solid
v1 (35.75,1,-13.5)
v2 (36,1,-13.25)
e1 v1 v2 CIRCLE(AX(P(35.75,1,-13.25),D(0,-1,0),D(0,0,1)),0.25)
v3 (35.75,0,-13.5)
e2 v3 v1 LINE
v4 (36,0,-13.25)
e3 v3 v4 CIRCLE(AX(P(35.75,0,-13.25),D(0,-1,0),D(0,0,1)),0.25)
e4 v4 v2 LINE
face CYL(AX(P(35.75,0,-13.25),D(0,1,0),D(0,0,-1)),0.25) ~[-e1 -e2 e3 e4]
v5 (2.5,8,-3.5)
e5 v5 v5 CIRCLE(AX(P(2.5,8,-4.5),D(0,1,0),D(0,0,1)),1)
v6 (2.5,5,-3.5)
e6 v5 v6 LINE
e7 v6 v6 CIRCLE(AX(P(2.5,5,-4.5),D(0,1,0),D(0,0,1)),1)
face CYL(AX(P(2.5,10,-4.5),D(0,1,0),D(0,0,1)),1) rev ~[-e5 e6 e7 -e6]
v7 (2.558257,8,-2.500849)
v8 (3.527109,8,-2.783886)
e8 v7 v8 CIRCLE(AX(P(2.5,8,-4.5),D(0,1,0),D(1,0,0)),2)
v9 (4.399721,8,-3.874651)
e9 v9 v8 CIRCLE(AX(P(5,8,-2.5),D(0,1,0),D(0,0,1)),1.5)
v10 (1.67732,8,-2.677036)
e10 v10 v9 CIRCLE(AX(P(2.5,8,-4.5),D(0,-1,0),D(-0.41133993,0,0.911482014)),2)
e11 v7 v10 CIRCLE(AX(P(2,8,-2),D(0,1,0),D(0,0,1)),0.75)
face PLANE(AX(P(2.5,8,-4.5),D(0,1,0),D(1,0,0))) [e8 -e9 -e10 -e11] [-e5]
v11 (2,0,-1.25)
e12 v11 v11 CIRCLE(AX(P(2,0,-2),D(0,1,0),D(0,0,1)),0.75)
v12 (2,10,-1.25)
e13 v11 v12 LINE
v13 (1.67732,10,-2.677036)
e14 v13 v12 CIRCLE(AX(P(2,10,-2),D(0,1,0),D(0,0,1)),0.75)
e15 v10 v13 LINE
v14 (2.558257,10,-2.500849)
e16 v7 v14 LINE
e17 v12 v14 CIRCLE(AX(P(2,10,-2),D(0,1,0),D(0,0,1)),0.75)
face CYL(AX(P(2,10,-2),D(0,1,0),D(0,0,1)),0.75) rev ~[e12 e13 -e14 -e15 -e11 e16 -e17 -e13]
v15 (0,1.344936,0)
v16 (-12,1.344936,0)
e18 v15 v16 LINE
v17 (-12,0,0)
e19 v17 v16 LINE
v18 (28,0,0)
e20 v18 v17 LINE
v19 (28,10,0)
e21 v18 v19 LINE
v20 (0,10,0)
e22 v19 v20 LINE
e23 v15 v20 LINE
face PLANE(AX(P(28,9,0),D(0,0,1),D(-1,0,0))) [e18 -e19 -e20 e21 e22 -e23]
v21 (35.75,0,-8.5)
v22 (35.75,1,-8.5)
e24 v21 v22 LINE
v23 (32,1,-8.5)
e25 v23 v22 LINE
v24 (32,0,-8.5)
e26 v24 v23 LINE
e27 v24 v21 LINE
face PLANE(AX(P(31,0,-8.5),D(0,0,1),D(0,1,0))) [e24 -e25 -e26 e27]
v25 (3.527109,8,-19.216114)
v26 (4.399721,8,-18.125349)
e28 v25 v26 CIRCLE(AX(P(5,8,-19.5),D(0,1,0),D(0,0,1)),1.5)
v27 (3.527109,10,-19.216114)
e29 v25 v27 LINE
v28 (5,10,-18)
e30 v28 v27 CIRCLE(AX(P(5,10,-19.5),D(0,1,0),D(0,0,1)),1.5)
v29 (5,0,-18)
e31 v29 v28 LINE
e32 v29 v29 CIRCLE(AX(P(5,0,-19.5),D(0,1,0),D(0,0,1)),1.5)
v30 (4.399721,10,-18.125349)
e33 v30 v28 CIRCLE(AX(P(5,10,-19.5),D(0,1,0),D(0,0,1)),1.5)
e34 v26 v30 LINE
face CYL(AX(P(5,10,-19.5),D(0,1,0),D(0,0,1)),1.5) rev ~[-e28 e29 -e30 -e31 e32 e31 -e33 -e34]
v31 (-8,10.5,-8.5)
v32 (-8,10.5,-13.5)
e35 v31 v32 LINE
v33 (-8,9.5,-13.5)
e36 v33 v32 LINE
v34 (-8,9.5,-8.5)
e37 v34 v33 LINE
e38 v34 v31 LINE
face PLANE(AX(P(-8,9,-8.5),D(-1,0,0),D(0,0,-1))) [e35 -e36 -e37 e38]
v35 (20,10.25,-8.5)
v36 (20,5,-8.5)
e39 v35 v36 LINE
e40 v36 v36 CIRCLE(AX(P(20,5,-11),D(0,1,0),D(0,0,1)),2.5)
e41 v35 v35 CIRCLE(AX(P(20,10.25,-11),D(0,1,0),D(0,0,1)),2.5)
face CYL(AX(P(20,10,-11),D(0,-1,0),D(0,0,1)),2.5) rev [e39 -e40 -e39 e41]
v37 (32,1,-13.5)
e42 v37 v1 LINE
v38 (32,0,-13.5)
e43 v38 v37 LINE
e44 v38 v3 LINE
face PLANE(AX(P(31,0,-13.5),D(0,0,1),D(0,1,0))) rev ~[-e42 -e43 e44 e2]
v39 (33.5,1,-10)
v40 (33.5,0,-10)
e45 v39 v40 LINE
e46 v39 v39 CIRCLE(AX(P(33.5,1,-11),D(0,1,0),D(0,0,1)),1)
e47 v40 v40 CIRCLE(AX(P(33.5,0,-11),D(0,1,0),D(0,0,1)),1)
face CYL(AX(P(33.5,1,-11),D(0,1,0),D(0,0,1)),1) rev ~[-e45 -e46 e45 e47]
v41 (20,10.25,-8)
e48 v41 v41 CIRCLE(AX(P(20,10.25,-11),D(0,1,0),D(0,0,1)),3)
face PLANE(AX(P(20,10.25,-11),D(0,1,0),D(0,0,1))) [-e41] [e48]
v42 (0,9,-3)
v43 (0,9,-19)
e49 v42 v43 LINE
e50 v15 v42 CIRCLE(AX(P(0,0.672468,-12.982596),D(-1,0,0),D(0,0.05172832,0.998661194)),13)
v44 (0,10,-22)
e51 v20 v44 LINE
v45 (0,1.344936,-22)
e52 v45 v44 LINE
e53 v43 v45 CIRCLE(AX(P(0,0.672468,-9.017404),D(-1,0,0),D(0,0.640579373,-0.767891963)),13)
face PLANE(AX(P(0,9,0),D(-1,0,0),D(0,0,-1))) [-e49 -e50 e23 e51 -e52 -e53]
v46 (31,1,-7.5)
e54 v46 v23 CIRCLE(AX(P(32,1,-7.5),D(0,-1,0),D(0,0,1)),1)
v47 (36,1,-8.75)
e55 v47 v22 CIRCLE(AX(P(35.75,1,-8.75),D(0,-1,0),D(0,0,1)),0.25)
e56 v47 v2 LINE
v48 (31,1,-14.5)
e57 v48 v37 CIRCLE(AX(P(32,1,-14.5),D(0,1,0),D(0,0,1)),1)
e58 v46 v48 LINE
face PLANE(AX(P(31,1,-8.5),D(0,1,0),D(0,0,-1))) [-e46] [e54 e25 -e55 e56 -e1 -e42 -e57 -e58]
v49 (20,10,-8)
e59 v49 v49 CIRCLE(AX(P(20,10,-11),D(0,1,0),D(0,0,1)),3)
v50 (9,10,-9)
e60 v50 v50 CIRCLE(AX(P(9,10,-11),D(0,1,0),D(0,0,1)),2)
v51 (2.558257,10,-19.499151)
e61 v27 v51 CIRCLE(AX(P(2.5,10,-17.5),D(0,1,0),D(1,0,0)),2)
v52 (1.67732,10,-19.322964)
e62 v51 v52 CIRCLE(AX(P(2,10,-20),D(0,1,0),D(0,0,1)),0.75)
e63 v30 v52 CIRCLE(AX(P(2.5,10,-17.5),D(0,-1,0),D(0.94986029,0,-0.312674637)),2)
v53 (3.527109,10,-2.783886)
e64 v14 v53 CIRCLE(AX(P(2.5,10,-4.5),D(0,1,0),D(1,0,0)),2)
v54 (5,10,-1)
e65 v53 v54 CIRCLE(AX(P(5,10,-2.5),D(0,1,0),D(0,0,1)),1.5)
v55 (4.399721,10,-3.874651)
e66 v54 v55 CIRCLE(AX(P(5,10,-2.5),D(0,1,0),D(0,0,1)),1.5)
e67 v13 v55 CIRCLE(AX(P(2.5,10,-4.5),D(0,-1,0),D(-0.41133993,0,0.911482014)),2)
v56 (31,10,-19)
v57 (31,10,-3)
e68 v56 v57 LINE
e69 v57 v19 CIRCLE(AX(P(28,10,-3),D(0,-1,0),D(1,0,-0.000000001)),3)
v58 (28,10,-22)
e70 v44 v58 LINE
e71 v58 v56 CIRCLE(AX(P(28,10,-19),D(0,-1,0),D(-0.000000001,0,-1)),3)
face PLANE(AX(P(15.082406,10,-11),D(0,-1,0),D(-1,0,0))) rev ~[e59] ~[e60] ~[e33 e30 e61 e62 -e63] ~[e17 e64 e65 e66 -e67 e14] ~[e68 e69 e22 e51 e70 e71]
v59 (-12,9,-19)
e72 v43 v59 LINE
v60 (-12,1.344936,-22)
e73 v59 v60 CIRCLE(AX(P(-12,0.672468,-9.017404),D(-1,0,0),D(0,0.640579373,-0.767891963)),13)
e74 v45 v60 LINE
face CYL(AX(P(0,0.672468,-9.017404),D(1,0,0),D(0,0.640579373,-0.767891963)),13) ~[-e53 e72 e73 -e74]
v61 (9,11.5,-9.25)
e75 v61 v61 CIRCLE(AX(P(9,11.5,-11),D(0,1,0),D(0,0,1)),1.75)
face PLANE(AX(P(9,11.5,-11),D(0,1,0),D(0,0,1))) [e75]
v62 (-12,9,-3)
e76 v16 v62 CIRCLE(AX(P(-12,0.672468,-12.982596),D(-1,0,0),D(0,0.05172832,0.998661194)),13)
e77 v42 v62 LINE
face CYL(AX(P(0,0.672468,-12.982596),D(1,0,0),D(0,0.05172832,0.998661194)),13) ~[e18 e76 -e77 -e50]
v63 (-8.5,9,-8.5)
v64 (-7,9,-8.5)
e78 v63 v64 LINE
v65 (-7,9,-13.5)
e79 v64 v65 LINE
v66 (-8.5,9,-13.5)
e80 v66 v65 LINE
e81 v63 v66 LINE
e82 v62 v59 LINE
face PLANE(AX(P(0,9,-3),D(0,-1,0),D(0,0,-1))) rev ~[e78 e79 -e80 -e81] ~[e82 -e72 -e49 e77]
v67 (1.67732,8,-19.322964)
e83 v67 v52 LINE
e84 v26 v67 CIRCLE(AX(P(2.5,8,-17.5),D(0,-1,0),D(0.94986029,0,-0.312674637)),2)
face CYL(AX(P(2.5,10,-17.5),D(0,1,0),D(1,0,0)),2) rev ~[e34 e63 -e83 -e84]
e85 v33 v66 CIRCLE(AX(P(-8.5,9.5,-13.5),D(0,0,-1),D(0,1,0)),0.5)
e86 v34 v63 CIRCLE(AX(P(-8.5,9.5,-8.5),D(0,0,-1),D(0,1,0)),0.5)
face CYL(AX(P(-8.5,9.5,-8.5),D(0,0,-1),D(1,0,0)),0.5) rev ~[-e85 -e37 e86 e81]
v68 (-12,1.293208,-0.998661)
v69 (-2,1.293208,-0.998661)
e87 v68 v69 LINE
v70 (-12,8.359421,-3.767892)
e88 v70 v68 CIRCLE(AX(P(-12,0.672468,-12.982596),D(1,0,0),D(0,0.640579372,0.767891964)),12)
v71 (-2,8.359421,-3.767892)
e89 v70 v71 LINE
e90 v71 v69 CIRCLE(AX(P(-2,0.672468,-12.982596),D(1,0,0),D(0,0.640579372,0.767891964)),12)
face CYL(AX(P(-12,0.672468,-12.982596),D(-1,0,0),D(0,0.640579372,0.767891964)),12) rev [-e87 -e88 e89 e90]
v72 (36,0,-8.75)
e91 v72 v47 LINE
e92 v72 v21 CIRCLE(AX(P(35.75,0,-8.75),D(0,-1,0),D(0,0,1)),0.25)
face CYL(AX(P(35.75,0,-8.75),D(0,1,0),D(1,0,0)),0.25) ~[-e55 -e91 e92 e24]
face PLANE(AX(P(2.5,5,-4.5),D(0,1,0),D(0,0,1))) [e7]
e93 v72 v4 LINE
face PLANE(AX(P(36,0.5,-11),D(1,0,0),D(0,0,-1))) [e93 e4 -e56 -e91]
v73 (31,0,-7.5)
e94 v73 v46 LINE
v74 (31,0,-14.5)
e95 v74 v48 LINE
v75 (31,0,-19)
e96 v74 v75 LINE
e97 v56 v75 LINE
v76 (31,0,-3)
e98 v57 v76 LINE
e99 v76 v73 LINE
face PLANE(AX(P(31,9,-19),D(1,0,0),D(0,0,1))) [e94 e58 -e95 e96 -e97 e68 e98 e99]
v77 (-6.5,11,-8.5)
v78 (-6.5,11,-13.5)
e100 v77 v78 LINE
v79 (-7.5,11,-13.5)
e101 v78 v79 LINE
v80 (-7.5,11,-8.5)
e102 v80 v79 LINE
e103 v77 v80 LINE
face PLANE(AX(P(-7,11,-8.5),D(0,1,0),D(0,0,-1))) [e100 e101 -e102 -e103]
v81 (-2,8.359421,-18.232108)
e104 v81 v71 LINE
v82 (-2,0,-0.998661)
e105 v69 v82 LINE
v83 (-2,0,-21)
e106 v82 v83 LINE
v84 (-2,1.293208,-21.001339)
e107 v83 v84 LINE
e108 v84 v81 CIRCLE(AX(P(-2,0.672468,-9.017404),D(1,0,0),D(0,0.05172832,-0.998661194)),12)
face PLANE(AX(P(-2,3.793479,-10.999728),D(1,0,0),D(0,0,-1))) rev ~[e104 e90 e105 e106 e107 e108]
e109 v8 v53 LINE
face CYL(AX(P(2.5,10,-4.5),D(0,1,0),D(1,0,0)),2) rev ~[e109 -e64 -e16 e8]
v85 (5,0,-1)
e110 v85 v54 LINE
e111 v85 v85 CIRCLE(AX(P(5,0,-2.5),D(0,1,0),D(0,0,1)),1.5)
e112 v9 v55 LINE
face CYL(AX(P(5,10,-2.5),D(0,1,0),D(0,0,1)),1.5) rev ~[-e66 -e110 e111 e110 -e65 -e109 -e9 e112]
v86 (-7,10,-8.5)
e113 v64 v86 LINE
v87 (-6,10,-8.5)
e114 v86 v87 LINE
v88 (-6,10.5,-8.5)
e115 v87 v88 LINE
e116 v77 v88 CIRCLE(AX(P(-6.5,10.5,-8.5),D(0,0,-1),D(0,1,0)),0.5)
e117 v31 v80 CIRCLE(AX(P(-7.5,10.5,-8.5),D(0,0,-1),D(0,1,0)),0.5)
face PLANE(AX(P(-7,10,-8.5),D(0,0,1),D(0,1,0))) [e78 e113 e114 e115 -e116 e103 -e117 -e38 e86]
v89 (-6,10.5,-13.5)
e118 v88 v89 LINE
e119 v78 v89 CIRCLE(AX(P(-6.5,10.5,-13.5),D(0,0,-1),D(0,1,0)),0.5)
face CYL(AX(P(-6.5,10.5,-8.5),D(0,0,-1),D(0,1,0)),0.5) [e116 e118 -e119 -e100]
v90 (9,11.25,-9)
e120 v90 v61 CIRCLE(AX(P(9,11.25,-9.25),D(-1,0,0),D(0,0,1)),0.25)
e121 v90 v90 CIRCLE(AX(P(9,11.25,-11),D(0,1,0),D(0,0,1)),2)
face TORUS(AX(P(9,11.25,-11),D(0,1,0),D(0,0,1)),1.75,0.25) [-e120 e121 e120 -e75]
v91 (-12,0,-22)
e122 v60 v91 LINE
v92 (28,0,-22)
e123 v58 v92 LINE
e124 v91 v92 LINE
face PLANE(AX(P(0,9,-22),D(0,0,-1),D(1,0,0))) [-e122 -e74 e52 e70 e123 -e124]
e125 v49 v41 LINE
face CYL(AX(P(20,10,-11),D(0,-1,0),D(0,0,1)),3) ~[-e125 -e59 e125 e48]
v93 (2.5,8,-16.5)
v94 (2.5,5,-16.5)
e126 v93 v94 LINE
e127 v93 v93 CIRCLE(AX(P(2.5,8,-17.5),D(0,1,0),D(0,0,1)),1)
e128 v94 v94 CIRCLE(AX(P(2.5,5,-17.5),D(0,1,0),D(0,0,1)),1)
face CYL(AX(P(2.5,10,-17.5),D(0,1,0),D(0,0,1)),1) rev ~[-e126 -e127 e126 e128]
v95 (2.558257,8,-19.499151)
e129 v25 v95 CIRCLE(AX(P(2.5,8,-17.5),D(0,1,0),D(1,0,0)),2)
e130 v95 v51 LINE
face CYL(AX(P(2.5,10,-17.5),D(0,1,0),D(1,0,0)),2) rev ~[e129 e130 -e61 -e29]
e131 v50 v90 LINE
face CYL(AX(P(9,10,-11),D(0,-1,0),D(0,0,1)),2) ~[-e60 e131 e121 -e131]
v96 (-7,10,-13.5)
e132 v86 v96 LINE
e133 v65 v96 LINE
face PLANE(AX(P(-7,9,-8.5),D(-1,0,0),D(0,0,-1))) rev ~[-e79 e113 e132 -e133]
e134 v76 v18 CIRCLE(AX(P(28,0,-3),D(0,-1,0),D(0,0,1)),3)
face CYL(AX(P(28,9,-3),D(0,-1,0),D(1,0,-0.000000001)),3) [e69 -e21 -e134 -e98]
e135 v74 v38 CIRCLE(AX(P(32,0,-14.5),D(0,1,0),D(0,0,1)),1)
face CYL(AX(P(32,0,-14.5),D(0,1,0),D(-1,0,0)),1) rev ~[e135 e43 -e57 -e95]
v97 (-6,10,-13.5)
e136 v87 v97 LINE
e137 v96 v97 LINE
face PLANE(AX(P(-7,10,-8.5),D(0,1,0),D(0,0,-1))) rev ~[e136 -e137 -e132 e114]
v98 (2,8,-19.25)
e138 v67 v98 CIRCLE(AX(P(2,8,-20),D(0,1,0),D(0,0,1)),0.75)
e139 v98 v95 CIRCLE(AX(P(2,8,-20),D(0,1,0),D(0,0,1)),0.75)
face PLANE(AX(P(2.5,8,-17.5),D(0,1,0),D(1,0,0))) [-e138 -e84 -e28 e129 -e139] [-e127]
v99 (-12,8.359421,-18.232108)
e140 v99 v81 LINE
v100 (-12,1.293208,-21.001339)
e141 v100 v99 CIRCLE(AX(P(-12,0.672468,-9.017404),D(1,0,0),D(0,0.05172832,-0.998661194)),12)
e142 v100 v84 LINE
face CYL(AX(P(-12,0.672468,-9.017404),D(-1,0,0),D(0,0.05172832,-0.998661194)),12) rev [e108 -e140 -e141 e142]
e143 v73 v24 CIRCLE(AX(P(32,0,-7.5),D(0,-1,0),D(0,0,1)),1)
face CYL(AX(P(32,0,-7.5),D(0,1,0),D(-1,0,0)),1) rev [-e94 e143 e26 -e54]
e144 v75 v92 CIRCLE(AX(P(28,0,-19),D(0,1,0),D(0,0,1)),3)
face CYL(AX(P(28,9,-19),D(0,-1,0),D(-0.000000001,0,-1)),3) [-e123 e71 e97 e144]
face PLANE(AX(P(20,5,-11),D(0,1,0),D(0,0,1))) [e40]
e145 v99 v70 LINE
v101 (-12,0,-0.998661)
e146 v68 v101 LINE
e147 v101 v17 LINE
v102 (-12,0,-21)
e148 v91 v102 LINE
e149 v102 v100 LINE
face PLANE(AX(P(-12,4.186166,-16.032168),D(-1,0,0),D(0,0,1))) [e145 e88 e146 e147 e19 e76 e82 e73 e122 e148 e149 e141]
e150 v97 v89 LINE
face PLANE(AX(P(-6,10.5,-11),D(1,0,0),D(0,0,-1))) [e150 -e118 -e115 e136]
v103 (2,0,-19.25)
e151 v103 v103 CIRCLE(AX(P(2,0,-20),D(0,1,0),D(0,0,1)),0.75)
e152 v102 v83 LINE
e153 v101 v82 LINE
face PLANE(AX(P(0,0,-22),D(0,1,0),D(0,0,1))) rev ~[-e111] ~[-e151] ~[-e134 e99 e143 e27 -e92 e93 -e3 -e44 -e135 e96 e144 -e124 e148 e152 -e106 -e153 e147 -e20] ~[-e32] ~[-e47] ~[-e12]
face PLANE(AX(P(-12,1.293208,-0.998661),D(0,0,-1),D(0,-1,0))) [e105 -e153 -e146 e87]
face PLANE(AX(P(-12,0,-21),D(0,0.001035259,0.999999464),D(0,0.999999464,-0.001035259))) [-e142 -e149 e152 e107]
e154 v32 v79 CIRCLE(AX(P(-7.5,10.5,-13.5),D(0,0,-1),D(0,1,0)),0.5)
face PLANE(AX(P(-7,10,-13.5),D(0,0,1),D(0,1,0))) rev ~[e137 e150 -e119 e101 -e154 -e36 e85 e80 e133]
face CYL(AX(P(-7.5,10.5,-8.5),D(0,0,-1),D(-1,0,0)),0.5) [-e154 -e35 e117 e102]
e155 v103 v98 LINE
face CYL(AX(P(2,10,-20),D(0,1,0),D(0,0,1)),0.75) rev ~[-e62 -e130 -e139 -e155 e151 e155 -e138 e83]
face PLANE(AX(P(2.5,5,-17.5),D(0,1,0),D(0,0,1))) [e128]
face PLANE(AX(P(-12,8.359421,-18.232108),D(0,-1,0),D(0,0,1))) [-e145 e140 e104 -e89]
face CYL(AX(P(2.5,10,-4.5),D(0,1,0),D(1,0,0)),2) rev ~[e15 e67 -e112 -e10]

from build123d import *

# Parameters (mm, degrees)
BOSS_EXTRUDE2_DEPTH     = 9
SKETCH4_W               = 5
SKETCH4_H               = 1
BOSS_EXTRUDE3_DEPTH     = 5
SKETCH5_R               = 1
CUT_EXTRUDE1_DEPTH      = 5
FILLET1_R               = 1
FILLET2_R               = 1
FILLET3_R               = 3
FILLET4_R               = 3
BOSS_EXTRUDE4_DEPTH     = 12
FILLET6_R               = 0.25
SKETCH10_R              = 1.5
CUT_EXTRUDE7_DEPTH      = 44.13930922
CUT_EXTRUDE7_DEPTH_BACK = 44.13930922
SKETCH12_R              = 0.75
CUT_EXTRUDE8_DEPTH      = 3
SKETCH13_W              = 1
SKETCH13_H              = 5
BOSS_EXTRUDE5_DEPTH     = 2
SKETCH14_W              = 5
SKETCH14_H              = 1
BOSS_EXTRUDE6_DEPTH     = 1
FILLET7_R               = 0.5
FILLET8_R               = 0.5
FILLET9_R               = 0.5
CUT_EXTRUDE9_DEPTH      = 10
BOSS_EXTRUDE7_DEPTH     = 1
SKETCH18_R              = 1.5
CUT_EXTRUDE12_DEPTH     = 44.358966777
SKETCH19_R              = 0.75
CUT_EXTRUDE14_DEPTH     = 44.358966777
SKETCH20_R              = 2
BOSS_EXTRUDE8_DEPTH     = 1.5
FILLET10_R              = 0.25
SKETCH21_R              = 2.5
CUT_EXTRUDE15_DEPTH     = 5
SKETCH22_R              = 3
SKETCH22_R_2            = 2.5
BOSS_EXTRUDE9_DEPTH     = 0.25
SKETCH24_R              = 2
CUT_EXTRUDE16_DEPTH     = 2
SKETCH25_R              = 1
CUT_EXTRUDE17_DEPTH     = 5


with BuildPart() as part:
    # Sketch2 → Boss-Extrude2 (new body)
    with BuildSketch(Plane(origin=(0, 0, 0), x_dir=(1, 0, 0), z_dir=(0, 1, 0))):
        Polygon((0, 11), (31, 11), (31, 13.5), (31, 22), (0, 22), align=None)
        Polygon((31, 8.5), (31, 11), (0, 11), (0, 0), (31, 0), align=None)
    extrude(amount=BOSS_EXTRUDE2_DEPTH)

    # Sketch4 → Boss-Extrude3 (add)
    with BuildSketch(Plane(origin=(31, 0, 0), x_dir=(0, 0, -1), z_dir=(1, 0, 0))):
        with Locations((11, 0.5)):
            Rectangle(SKETCH4_W, SKETCH4_H)
    extrude(amount=BOSS_EXTRUDE3_DEPTH)

    # Sketch5 → Cut-Extrude1 (cut)
    with BuildSketch(Plane(origin=(0, 1, 0), x_dir=(1, 0, 0), z_dir=(0, 1, 0))):
        with Locations(Location((33.5, 11, 0), (0, 0, 270))):
            Circle(SKETCH5_R)
    extrude(amount=-CUT_EXTRUDE1_DEPTH, mode=Mode.SUBTRACT)

    # Fillet1
    fillet1_edges = [part.edges().sort_by_distance(p)[0] for p in [
        (31, 0.5, -8.5),
    ]]
    fillet(fillet1_edges, radius=FILLET1_R)

    # Fillet2
    fillet2_edges = [part.edges().sort_by_distance(p)[0] for p in [
        (31, 0.5, -13.5),
    ]]
    fillet(fillet2_edges, radius=FILLET2_R)

    # Fillet3
    fillet3_edges = [part.edges().sort_by_distance(p)[0] for p in [
        (31, 4.5, 0),
    ]]
    fillet(fillet3_edges, radius=FILLET3_R)

    # Fillet4
    fillet4_edges = [part.edges().sort_by_distance(p)[0] for p in [
        (31, 4.5, -22),
    ]]
    fillet(fillet4_edges, radius=FILLET4_R)

    # Sketch6 → Boss-Extrude4 (add)
    with BuildSketch(Plane.ZY):
        with BuildLine():
            Line((-22, 0), (-11, 0))
            Line((-11, 0), (-11, 9))
            Line((-11, 9), (-19, 9))
            ThreePointArc((-19, 9), (-21.121122912, 5.415884648), (-22, 1.344936316))
            Line((-22, 1.344936316), (-22, 0))
        make_face()
        with BuildLine():
            Line((-11, 9), (-11, 0))
            Line((-11, 0), (0, 0))
            Line((0, 0), (0, 1.344936316))
            ThreePointArc((0, 1.344936316), (-0.878877088, 5.415884648), (-3, 9))
            Line((-3, 9), (-11, 9))
        make_face()
    extrude(amount=BOSS_EXTRUDE4_DEPTH)

    # Fillet6
    fillet6_edges = [part.edges().sort_by_distance(p)[0] for p in [
        (36, 0.5, -13.5),
        (36, 0.5, -8.5),
    ]]
    fillet(fillet6_edges, radius=FILLET6_R)

    # Sketch10 → Cut-Extrude7 (cut, two sides)
    with BuildSketch(Plane(origin=(0, 9, 0), x_dir=(1, 0, 0), z_dir=(0, 1, 0))) as cut_extrude7_sk:
        with Locations(Location((5, 19.5, 0), (0, 0, 270))):
            Circle(SKETCH10_R)
        with Locations(Location((5, 2.5, 0), (0, 0, 270))):
            Circle(SKETCH10_R)
    extrude(amount=CUT_EXTRUDE7_DEPTH, mode=Mode.SUBTRACT)
    extrude(cut_extrude7_sk.sketch, amount=-CUT_EXTRUDE7_DEPTH_BACK, mode=Mode.SUBTRACT)

    # Sketch12 → Cut-Extrude8 (cut)
    with BuildSketch(Plane(origin=(0, 9, 0), x_dir=(1, 0, 0), z_dir=(0, 1, 0))):
        with Locations(Location((2, 2, 0), (0, 0, 270))):
            Circle(SKETCH12_R)
        with Locations(Location((2, 20, 0), (0, 0, 270))):
            Circle(SKETCH12_R)
    extrude(amount=-CUT_EXTRUDE8_DEPTH, mode=Mode.SUBTRACT)

    # Sketch13 → Boss-Extrude5 (add)
    with BuildSketch(Plane(origin=(0, 9, 0), x_dir=(1, 0, 0), z_dir=(0, 1, 0))):
        with Locations((-7.5, 11)):
            Rectangle(SKETCH13_W, SKETCH13_H)
    extrude(amount=BOSS_EXTRUDE5_DEPTH)

    # Sketch14 → Boss-Extrude6 (add)
    with BuildSketch(Plane(origin=(-7, 0, 0), x_dir=(0, 0, -1), z_dir=(1, 0, 0))):
        with Locations((11, 10.5)):
            Rectangle(SKETCH14_W, SKETCH14_H)
    extrude(amount=BOSS_EXTRUDE6_DEPTH)

    # Fillet7
    fillet7_edges = [part.edges().sort_by_distance(p)[0] for p in [
        (-8, 11, -11),
    ]]
    fillet(fillet7_edges, radius=FILLET7_R)

    # Fillet8
    fillet8_edges = [part.edges().sort_by_distance(p)[0] for p in [
        (-8, 9, -11),
    ]]
    fillet(fillet8_edges, radius=FILLET8_R)

    # Fillet9
    fillet9_edges = [part.edges().sort_by_distance(p)[0] for p in [
        (-6, 11, -11),
    ]]
    fillet(fillet9_edges, radius=FILLET9_R)

    # Sketch16 → Cut-Extrude9 (cut)
    with BuildSketch(Plane.ZY.offset(12)):
        with BuildLine():
            Line((-18.232108037, 8.359420628), (-3.767891963, 8.359420628))
            ThreePointArc((-3.767891963, 8.359420628), (-1.809932353, 5.051006457), (-0.998661194, 1.293207997))
            Line((-0.998661194, 1.293207997), (-0.998661194, 0))
            Line((-0.998661194, 0), (-21, 0))
            Line((-21, 0), (-21.001338806, 1.293207997))
            ThreePointArc((-21.001338806, 1.293207997), (-20.190067647, 5.051006457), (-18.232108037, 8.359420628))
        make_face()
    extrude(amount=-CUT_EXTRUDE9_DEPTH, mode=Mode.SUBTRACT)

    # Sketch17 → Boss-Extrude7 (add)
    with BuildSketch(Plane(origin=(0, 9, 0), x_dir=(1, 0, 0), z_dir=(0, 1, 0))):
        with BuildLine():
            Line((0, 3), (0, 19))
            Line((0, 19), (0, 22))
            Line((0, 22), (28, 22))
            ThreePointArc((28, 22), (30.121320344, 21.121320344), (31, 19))
            Line((31, 19), (31, 3))
            ThreePointArc((31, 3), (30.121320344, 0.878679656), (28, 0))
            Line((28, 0), (0, 0))
            Line((0, 0), (0, 3))
        make_face()
    extrude(amount=BOSS_EXTRUDE7_DEPTH)

    # Sketch18 → Cut-Extrude12 (cut, through all)
    with BuildSketch(Plane(origin=(0, 10, 0), x_dir=(1, 0, 0), z_dir=(0, 1, 0))):
        with Locations(Location((5, 19.5, 0), (0, 0, 270))):
            Circle(SKETCH18_R)
        with Locations(Location((5, 2.5, 0), (0, 0, 270))):
            Circle(SKETCH18_R)
    extrude(amount=-CUT_EXTRUDE12_DEPTH, mode=Mode.SUBTRACT)

    # Sketch19 → Cut-Extrude14 (cut, through all)
    with BuildSketch(Plane(origin=(0, 10, 0), x_dir=(1, 0, 0), z_dir=(0, 1, 0))):
        with Locations(Location((2, 20, 0), (0, 0, 270))):
            Circle(SKETCH19_R)
        with Locations(Location((2, 2, 0), (0, 0, 270))):
            Circle(SKETCH19_R)
    extrude(amount=-CUT_EXTRUDE14_DEPTH, mode=Mode.SUBTRACT)

    # Sketch20 → Boss-Extrude8 (add)
    with BuildSketch(Plane(origin=(0, 10, 0), x_dir=(1, 0, 0), z_dir=(0, 1, 0))):
        with Locations(Location((9, 11, 0), (0, 0, 270))):
            Circle(SKETCH20_R)
    extrude(amount=BOSS_EXTRUDE8_DEPTH)

    # Fillet10
    fillet10_edges = [part.edges().sort_by_distance(p)[0] for p in [
        (9, 11.5, -13),
    ]]
    fillet(fillet10_edges, radius=FILLET10_R)

    # Sketch21 → Cut-Extrude15 (cut)
    with BuildSketch(Plane(origin=(0, 10, 0), x_dir=(1, 0, 0), z_dir=(0, 1, 0))):
        with Locations(Location((20, 11, 0), (0, 0, 270))):
            Circle(SKETCH21_R)
    extrude(amount=-CUT_EXTRUDE15_DEPTH, mode=Mode.SUBTRACT)

    # Sketch22 → Boss-Extrude9 (add)
    with BuildSketch(Plane(origin=(0, 10, 0), x_dir=(1, 0, 0), z_dir=(0, 1, 0))):
        with Locations(Location((20, 11, 0), (0, 0, 270))):
            Circle(SKETCH22_R)
        with Locations(Location((20, 11, 0), (0, 0, 270))):
            Circle(SKETCH22_R_2, mode=Mode.SUBTRACT)
    extrude(amount=BOSS_EXTRUDE9_DEPTH)

    # Sketch24 → Cut-Extrude16 (cut)
    with BuildSketch(Plane(origin=(0, 10, 0), x_dir=(1, 0, 0), z_dir=(0, 1, 0))):
        with Locations((2.5, 17.5)):
            Circle(SKETCH24_R)
        with Locations((2.5, 4.5)):
            Circle(SKETCH24_R)
    extrude(amount=-CUT_EXTRUDE16_DEPTH, mode=Mode.SUBTRACT)

    # Sketch25 → Cut-Extrude17 (cut)
    with BuildSketch(Plane(origin=(0, 10, 0), x_dir=(1, 0, 0), z_dir=(0, 1, 0))):
        with Locations(Location((2.5, 17.5, 0), (0, 0, 270))):
            Circle(SKETCH25_R)
        with Locations(Location((2.5, 4.5, 0), (0, 0, 270))):
            Circle(SKETCH25_R)
    extrude(amount=-CUT_EXTRUDE17_DEPTH, mode=Mode.SUBTRACT)


solid = part.part
